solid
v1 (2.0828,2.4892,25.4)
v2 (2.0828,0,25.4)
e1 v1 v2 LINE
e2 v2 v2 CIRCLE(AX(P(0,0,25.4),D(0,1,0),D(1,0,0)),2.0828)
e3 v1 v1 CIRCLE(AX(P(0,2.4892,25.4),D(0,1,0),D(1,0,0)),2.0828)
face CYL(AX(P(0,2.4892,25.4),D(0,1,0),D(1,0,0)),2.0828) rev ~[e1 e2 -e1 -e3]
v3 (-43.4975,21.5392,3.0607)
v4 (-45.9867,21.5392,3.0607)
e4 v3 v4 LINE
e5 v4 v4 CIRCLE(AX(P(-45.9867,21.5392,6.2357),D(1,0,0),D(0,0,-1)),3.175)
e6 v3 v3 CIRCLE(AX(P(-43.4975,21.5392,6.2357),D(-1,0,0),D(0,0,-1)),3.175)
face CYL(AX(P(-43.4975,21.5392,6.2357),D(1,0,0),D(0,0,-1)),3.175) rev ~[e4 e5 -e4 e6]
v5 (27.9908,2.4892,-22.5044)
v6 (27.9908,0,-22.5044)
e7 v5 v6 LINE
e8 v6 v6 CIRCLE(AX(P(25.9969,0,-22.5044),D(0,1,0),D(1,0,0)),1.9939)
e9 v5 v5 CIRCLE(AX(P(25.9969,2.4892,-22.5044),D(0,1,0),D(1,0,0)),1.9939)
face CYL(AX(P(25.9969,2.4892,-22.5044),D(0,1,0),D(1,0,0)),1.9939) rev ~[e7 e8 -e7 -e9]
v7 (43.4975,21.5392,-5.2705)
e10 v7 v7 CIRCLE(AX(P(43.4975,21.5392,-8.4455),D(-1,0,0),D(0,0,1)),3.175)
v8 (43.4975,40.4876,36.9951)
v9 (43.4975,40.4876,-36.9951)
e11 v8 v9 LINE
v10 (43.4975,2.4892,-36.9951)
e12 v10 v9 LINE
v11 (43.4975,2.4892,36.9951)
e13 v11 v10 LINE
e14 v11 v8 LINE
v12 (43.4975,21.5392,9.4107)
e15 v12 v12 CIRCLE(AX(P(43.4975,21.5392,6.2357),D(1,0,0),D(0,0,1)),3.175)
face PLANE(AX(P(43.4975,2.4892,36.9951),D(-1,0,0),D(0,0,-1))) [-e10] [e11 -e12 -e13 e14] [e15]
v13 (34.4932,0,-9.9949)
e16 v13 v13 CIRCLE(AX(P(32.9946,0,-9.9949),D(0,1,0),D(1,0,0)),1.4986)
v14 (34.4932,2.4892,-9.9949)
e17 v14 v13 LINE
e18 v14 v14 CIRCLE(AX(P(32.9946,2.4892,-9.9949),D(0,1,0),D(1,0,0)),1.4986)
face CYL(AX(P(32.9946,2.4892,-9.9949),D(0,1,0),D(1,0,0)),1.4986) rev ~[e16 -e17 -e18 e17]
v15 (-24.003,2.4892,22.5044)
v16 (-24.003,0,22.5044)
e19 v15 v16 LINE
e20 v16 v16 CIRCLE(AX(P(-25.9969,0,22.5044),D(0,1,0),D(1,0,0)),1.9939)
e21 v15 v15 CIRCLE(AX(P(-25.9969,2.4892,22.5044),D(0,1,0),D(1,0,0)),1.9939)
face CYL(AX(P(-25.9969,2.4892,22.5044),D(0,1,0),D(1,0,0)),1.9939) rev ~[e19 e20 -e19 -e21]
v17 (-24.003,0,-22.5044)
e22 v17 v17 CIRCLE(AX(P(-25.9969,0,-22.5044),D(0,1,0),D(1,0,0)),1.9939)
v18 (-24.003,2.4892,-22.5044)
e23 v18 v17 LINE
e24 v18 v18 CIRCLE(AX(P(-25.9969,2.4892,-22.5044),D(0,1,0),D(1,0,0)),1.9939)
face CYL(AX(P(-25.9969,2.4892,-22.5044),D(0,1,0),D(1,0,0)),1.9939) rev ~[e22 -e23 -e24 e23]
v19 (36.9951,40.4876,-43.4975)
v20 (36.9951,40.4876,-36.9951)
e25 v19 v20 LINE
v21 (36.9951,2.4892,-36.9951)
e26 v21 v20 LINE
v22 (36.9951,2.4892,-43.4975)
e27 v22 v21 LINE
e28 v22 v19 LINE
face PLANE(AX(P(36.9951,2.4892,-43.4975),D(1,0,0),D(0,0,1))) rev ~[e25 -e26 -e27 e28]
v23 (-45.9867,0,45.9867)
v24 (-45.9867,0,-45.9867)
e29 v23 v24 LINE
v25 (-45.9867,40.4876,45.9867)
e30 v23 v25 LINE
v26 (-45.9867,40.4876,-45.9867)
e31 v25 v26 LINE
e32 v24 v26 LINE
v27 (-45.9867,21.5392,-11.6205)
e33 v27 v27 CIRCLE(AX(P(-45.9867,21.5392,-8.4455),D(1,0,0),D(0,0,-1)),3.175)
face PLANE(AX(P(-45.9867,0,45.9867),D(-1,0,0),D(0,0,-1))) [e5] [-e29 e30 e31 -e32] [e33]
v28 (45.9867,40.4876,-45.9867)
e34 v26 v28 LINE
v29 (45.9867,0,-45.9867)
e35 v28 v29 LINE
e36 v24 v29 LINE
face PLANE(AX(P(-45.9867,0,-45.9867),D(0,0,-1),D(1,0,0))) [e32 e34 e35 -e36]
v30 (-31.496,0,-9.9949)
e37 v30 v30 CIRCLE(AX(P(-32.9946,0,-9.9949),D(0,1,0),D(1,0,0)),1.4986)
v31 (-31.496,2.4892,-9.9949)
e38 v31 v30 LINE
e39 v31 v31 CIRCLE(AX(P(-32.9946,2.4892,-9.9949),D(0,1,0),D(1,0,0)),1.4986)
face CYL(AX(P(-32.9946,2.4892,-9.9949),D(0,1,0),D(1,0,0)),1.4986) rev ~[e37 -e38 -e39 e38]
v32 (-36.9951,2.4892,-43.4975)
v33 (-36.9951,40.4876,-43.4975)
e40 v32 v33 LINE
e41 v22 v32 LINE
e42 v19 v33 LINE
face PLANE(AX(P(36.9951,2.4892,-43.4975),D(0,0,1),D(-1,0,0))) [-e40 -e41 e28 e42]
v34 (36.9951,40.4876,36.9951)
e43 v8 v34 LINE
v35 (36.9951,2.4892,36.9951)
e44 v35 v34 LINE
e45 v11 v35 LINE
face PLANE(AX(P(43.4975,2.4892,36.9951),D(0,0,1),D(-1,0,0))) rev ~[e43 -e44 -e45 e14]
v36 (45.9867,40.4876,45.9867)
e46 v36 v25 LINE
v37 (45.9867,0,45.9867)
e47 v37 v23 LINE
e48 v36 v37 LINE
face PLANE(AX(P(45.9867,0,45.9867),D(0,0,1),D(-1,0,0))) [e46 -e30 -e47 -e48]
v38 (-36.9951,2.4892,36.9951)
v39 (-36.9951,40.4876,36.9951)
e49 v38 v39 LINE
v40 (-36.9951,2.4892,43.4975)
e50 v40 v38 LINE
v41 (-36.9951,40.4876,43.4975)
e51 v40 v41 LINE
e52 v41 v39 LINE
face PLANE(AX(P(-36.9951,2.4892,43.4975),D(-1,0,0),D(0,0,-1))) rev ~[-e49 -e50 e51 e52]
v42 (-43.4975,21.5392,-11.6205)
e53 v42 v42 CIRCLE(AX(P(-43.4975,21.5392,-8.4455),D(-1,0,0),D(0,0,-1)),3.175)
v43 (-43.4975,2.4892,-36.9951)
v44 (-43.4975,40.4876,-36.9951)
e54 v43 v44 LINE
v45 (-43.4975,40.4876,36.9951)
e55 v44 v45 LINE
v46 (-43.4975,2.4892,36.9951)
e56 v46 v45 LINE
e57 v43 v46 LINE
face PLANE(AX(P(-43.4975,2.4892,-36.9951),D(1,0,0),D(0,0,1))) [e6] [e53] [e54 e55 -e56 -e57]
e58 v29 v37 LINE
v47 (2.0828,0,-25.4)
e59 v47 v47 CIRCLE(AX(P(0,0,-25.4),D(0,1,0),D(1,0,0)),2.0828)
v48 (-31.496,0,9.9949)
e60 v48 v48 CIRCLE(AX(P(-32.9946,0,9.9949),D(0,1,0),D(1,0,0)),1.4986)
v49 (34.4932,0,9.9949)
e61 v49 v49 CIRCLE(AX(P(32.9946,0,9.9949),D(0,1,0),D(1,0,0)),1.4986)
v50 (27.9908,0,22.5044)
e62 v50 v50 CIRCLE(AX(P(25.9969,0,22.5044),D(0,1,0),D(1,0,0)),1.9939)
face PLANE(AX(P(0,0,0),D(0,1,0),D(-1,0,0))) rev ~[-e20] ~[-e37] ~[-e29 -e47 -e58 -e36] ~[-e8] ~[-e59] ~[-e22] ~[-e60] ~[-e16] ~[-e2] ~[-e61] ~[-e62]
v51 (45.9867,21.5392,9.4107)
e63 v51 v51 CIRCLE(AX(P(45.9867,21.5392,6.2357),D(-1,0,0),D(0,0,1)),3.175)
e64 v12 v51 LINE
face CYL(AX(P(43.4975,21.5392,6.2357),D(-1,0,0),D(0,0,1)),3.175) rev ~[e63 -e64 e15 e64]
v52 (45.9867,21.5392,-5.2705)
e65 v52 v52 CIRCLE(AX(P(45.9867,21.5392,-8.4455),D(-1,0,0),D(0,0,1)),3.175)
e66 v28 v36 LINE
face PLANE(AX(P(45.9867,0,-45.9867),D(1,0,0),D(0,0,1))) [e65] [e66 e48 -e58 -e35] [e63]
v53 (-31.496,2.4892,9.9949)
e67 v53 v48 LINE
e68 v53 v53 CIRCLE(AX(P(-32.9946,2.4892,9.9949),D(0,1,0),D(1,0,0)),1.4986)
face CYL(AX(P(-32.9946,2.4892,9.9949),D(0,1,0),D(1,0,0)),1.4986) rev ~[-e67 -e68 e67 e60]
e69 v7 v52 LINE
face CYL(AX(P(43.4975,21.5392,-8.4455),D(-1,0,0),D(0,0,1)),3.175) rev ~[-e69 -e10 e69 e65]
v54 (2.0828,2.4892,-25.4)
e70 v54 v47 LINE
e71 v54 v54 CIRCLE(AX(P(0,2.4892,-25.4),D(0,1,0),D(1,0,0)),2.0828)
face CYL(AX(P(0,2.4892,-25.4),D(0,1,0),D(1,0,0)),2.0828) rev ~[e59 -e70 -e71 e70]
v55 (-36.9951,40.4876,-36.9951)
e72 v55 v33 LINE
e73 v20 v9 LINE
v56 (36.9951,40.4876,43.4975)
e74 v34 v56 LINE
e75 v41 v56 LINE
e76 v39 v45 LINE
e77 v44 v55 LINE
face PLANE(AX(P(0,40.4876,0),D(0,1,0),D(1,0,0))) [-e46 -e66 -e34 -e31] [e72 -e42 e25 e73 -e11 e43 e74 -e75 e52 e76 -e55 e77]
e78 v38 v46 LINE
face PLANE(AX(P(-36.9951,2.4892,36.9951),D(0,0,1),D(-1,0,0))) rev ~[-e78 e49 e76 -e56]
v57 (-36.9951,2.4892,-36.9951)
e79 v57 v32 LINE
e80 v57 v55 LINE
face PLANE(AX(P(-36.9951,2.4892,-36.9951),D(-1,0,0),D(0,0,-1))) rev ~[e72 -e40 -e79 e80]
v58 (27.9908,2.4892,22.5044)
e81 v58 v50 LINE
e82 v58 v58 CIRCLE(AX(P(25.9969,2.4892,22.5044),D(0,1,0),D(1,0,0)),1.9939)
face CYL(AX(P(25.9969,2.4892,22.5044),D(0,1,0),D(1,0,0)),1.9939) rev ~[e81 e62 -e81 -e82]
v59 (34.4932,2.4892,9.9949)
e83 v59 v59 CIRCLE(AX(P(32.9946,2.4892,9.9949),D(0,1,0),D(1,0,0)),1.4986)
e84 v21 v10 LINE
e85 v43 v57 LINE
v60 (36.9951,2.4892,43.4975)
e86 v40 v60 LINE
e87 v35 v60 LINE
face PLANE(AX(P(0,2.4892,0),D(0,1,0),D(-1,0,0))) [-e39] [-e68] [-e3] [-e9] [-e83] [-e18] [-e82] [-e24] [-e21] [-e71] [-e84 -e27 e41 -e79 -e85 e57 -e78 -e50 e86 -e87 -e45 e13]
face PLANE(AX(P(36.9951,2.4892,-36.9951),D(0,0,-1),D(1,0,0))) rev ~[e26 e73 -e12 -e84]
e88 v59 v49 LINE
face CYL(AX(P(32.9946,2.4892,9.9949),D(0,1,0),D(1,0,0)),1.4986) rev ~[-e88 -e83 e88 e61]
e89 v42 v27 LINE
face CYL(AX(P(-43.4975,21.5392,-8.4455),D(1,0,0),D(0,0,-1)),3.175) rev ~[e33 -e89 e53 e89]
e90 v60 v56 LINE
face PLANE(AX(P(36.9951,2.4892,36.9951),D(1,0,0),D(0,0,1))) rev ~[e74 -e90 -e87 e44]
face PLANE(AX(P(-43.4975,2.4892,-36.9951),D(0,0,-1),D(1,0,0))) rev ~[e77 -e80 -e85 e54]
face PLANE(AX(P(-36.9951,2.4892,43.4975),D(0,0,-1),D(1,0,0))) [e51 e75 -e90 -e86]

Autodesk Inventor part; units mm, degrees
ref_plane "YZ Plane" through (0, 0, 0) normal (1, 0, 0) x (0, 1, 0)
ref_plane "XZ Plane" through (0, 0, 0) normal (0, 1, 0) x (-1, 0, 0)
ref_plane "XY Plane" through (0, 0, 0) normal (0, 0, 1) x (1, 0, 0)
sketch "Sketch1" plane through (0, 0, 0) normal (0, 1, 0) x (-1, 0, 0)
  line L0 (45.9867, -45.9867) -> (-45.9867, -45.9867)
  line L1 (-45.9867, -45.9867) -> (-45.9867, 45.9867)
  line L2 (-45.9867, 45.9867) -> (45.9867, 45.9867)
  line L3 (45.9867, 45.9867) -> (45.9867, -45.9867)
  line L4 (45.9867, -45.9867) -> (-45.9867, 45.9867) construction
  line L5 (-45.9867, -45.9867) -> (45.9867, 45.9867) construction
  point P0 (0, 0)
  dimension "d0" = 91.9734
  dimension "d1" = 91.9734
extrude "Extrusion1" add sketch "Sketch1" along normal blind 2.4892
sketch "Sketch2" plane through (0, 2.4892, 0) normal (0, 1, 0) x (1, 0, 0)
  line L0 (-45.9867, -45.9867) -> (45.9867, -45.9867) projected
  line L1 (45.9867, 45.9867) -> (-45.9867, 45.9867) projected
  line L2 (-45.9867, -45.9867) -> (45.9867, -45.9867)
  line L3 (45.9867, -45.9867) -> (45.9867, 45.9867)
  line L4 (45.9867, 45.9867) -> (-45.9867, 45.9867)
  line L5 (-45.9867, 45.9867) -> (-45.9867, -45.9867)
  line L6 (43.4975, -43.4975) -> (-43.4975, 43.4975) construction
  line L7 (-43.4975, -43.4975) -> (43.4975, 43.4975) construction
  line L8 (-45.9867, -45.9867) -> (-36.9951, -45.9867)
  line L9 (-45.9867, -36.9951) -> (-45.9867, -45.9867)
  line L10 (-45.9867, 45.9867) -> (-45.9867, -45.9867) projected
  line L11 (-45.9867, 45.9867) -> (-36.9951, 45.9867)
  line L12 (-45.9867, 36.9951) -> (-45.9867, 45.9867)
  line L13 (45.9867, 45.9867) -> (36.9951, 45.9867)
  line L14 (45.9867, 36.9951) -> (45.9867, 45.9867)
  line L15 (45.9867, -45.9867) -> (36.9951, -45.9867)
  line L16 (45.9867, -36.9951) -> (45.9867, -45.9867)
  line L17 (-36.9951, -43.4975) -> (-36.9951, -36.9951)
  line L18 (-36.9951, -36.9951) -> (-43.4975, -36.9951)
  line L19 (-43.4975, 36.9951) -> (-36.9951, 36.9951)
  line L20 (-36.9951, 36.9951) -> (-36.9951, 43.4975)
  line L21 (36.9951, 36.9951) -> (43.4975, 36.9951)
  line L22 (36.9951, 43.4975) -> (36.9951, 36.9951)
  line L23 (43.4975, -36.9951) -> (36.9951, -36.9951)
  line L24 (36.9951, -36.9951) -> (36.9951, -43.4975)
  line L25 (-36.9951, -43.4975) -> (36.9951, -43.4975)
  line L26 (43.4975, -36.9951) -> (43.4975, 36.9951)
  line L27 (36.9951, 43.4975) -> (-36.9951, 43.4975)
  line L28 (-43.4975, 36.9951) -> (-43.4975, -36.9951)
  point P0 (0, 0)
  dimension "d4" = 86.995
  dimension "d5" = 86.995
  dimension "d6" = 8.9916
  dimension "d7" = 8.9916
  dimension "d10" = 8.9916
  dimension "d11" = 8.9916
extrude "Extrusion2" add sketch "Sketch2" along normal blind 37.9984
sketch "Sketch3" plane through (0, 2.4892, 0) normal (0, 1, 0) x (1, 0, 0)
  line L0 (25.9969, -22.5044) -> (-25.9969, 22.5044) construction
  line L1 (-25.9969, -22.5044) -> (25.9969, 22.5044) construction
  circle A0 centre (-25.9969, -22.5044) radius 1.9939
  circle A1 centre (-25.9969, 22.5044) radius 1.9939
  circle A2 centre (25.9969, 22.5044) radius 1.9939
  circle A3 centre (25.9969, -22.5044) radius 1.9939
  line L2 (32.9946, -9.9949) -> (-32.9946, 9.9949) construction
  line L3 (-32.9946, -9.9949) -> (32.9946, 9.9949) construction
  circle A4 centre (-32.9946, -9.9949) radius 1.4986
  circle A5 centre (-32.9946, 9.9949) radius 1.4986
  circle A6 centre (32.9946, -9.9949) radius 1.4986
  circle A7 centre (32.9946, 9.9949) radius 1.4986
  circle A8 centre (0, -25.4) radius 2.0828
  circle A9 centre (0, 25.4) radius 2.0828
  point P0 (0, 0)
  dimension "d16" = 51.9938
  dimension "d17" = 45.0088
  dimension "d18" = 3.9878
  dimension "d19" = 3.9878
  dimension "d20" = 3.9878
  dimension "d21" = 3.9878
  dimension "d22" = 65.9892
  dimension "d23" = 19.9898
  dimension "d24" = 2.9972
  dimension "d25" = 2.9972
  dimension "d26" = 2.9972
  dimension "d27" = 2.9972
  dimension "d30" = 4.1656
  dimension "d31" = 4.1656
extrude "Extrusion3" cut sketch "Sketch3" against normal through all
sketch "Sketch4" plane through (-43.4975, 2.4892, 36.9951) normal (1, 0, 0) x (0, 0, -1)
  line L0 (0, 0) -> (0, 37.9984) projected
  line L1 (0, 19.05) -> (9.4996, 19.05)
  line L2 (0, 19.05) -> (9.4996, 19.05) construction
  line L3 (9.4996, 19.05) -> (30.7594, 19.05)
  line L4 (30.7594, 19.05) -> (45.4406, 19.05)
  circle A0 centre (30.7594, 19.05) radius 3.175
  circle A1 centre (45.4406, 19.05) radius 3.175
  point P0 (36.9951, -2.4892)
  point P1 (73.9902, 0)
  dimension "d44" = 9.4996
  dimension "d45" = 0
  dimension "d46" = 21.2598
  dimension "d47" = 14.6812
  dimension "d48" = 6.35
  dimension "d49" = 6.35
extrude "Extrusion4" cut sketch "Sketch4" against normal through all
sketch "Sketch5" plane through (43.4975, 2.4892, -36.9951) normal (-1, 0, 0) x (0, 0, 1)
  line L0 (73.9902, 0) -> (73.9902, 37.9984) projected
  line L1 (73.9902, 19.05) -> (64.4906, 19.05)
  line L2 (64.4906, 19.05) -> (43.2308, 19.05)
  line L3 (43.2308, 19.05) -> (28.5496, 19.05)
  circle A0 centre (43.2308, 19.05) radius 3.175
  circle A1 centre (28.5496, 19.05) radius 3.175
  point P0 (36.9951, -2.4892)
  point P1 (0, 37.9984)
  dimension "d50" = 9.4996
  dimension "d51" = 21.2598
  dimension "d52" = 14.6812
  dimension "d53" = 6.35
  dimension "d54" = 6.35
extrude "Extrusion5" cut sketch "Sketch5" against normal through all
properties part number "546-1590YFLBK-ADL5534"
